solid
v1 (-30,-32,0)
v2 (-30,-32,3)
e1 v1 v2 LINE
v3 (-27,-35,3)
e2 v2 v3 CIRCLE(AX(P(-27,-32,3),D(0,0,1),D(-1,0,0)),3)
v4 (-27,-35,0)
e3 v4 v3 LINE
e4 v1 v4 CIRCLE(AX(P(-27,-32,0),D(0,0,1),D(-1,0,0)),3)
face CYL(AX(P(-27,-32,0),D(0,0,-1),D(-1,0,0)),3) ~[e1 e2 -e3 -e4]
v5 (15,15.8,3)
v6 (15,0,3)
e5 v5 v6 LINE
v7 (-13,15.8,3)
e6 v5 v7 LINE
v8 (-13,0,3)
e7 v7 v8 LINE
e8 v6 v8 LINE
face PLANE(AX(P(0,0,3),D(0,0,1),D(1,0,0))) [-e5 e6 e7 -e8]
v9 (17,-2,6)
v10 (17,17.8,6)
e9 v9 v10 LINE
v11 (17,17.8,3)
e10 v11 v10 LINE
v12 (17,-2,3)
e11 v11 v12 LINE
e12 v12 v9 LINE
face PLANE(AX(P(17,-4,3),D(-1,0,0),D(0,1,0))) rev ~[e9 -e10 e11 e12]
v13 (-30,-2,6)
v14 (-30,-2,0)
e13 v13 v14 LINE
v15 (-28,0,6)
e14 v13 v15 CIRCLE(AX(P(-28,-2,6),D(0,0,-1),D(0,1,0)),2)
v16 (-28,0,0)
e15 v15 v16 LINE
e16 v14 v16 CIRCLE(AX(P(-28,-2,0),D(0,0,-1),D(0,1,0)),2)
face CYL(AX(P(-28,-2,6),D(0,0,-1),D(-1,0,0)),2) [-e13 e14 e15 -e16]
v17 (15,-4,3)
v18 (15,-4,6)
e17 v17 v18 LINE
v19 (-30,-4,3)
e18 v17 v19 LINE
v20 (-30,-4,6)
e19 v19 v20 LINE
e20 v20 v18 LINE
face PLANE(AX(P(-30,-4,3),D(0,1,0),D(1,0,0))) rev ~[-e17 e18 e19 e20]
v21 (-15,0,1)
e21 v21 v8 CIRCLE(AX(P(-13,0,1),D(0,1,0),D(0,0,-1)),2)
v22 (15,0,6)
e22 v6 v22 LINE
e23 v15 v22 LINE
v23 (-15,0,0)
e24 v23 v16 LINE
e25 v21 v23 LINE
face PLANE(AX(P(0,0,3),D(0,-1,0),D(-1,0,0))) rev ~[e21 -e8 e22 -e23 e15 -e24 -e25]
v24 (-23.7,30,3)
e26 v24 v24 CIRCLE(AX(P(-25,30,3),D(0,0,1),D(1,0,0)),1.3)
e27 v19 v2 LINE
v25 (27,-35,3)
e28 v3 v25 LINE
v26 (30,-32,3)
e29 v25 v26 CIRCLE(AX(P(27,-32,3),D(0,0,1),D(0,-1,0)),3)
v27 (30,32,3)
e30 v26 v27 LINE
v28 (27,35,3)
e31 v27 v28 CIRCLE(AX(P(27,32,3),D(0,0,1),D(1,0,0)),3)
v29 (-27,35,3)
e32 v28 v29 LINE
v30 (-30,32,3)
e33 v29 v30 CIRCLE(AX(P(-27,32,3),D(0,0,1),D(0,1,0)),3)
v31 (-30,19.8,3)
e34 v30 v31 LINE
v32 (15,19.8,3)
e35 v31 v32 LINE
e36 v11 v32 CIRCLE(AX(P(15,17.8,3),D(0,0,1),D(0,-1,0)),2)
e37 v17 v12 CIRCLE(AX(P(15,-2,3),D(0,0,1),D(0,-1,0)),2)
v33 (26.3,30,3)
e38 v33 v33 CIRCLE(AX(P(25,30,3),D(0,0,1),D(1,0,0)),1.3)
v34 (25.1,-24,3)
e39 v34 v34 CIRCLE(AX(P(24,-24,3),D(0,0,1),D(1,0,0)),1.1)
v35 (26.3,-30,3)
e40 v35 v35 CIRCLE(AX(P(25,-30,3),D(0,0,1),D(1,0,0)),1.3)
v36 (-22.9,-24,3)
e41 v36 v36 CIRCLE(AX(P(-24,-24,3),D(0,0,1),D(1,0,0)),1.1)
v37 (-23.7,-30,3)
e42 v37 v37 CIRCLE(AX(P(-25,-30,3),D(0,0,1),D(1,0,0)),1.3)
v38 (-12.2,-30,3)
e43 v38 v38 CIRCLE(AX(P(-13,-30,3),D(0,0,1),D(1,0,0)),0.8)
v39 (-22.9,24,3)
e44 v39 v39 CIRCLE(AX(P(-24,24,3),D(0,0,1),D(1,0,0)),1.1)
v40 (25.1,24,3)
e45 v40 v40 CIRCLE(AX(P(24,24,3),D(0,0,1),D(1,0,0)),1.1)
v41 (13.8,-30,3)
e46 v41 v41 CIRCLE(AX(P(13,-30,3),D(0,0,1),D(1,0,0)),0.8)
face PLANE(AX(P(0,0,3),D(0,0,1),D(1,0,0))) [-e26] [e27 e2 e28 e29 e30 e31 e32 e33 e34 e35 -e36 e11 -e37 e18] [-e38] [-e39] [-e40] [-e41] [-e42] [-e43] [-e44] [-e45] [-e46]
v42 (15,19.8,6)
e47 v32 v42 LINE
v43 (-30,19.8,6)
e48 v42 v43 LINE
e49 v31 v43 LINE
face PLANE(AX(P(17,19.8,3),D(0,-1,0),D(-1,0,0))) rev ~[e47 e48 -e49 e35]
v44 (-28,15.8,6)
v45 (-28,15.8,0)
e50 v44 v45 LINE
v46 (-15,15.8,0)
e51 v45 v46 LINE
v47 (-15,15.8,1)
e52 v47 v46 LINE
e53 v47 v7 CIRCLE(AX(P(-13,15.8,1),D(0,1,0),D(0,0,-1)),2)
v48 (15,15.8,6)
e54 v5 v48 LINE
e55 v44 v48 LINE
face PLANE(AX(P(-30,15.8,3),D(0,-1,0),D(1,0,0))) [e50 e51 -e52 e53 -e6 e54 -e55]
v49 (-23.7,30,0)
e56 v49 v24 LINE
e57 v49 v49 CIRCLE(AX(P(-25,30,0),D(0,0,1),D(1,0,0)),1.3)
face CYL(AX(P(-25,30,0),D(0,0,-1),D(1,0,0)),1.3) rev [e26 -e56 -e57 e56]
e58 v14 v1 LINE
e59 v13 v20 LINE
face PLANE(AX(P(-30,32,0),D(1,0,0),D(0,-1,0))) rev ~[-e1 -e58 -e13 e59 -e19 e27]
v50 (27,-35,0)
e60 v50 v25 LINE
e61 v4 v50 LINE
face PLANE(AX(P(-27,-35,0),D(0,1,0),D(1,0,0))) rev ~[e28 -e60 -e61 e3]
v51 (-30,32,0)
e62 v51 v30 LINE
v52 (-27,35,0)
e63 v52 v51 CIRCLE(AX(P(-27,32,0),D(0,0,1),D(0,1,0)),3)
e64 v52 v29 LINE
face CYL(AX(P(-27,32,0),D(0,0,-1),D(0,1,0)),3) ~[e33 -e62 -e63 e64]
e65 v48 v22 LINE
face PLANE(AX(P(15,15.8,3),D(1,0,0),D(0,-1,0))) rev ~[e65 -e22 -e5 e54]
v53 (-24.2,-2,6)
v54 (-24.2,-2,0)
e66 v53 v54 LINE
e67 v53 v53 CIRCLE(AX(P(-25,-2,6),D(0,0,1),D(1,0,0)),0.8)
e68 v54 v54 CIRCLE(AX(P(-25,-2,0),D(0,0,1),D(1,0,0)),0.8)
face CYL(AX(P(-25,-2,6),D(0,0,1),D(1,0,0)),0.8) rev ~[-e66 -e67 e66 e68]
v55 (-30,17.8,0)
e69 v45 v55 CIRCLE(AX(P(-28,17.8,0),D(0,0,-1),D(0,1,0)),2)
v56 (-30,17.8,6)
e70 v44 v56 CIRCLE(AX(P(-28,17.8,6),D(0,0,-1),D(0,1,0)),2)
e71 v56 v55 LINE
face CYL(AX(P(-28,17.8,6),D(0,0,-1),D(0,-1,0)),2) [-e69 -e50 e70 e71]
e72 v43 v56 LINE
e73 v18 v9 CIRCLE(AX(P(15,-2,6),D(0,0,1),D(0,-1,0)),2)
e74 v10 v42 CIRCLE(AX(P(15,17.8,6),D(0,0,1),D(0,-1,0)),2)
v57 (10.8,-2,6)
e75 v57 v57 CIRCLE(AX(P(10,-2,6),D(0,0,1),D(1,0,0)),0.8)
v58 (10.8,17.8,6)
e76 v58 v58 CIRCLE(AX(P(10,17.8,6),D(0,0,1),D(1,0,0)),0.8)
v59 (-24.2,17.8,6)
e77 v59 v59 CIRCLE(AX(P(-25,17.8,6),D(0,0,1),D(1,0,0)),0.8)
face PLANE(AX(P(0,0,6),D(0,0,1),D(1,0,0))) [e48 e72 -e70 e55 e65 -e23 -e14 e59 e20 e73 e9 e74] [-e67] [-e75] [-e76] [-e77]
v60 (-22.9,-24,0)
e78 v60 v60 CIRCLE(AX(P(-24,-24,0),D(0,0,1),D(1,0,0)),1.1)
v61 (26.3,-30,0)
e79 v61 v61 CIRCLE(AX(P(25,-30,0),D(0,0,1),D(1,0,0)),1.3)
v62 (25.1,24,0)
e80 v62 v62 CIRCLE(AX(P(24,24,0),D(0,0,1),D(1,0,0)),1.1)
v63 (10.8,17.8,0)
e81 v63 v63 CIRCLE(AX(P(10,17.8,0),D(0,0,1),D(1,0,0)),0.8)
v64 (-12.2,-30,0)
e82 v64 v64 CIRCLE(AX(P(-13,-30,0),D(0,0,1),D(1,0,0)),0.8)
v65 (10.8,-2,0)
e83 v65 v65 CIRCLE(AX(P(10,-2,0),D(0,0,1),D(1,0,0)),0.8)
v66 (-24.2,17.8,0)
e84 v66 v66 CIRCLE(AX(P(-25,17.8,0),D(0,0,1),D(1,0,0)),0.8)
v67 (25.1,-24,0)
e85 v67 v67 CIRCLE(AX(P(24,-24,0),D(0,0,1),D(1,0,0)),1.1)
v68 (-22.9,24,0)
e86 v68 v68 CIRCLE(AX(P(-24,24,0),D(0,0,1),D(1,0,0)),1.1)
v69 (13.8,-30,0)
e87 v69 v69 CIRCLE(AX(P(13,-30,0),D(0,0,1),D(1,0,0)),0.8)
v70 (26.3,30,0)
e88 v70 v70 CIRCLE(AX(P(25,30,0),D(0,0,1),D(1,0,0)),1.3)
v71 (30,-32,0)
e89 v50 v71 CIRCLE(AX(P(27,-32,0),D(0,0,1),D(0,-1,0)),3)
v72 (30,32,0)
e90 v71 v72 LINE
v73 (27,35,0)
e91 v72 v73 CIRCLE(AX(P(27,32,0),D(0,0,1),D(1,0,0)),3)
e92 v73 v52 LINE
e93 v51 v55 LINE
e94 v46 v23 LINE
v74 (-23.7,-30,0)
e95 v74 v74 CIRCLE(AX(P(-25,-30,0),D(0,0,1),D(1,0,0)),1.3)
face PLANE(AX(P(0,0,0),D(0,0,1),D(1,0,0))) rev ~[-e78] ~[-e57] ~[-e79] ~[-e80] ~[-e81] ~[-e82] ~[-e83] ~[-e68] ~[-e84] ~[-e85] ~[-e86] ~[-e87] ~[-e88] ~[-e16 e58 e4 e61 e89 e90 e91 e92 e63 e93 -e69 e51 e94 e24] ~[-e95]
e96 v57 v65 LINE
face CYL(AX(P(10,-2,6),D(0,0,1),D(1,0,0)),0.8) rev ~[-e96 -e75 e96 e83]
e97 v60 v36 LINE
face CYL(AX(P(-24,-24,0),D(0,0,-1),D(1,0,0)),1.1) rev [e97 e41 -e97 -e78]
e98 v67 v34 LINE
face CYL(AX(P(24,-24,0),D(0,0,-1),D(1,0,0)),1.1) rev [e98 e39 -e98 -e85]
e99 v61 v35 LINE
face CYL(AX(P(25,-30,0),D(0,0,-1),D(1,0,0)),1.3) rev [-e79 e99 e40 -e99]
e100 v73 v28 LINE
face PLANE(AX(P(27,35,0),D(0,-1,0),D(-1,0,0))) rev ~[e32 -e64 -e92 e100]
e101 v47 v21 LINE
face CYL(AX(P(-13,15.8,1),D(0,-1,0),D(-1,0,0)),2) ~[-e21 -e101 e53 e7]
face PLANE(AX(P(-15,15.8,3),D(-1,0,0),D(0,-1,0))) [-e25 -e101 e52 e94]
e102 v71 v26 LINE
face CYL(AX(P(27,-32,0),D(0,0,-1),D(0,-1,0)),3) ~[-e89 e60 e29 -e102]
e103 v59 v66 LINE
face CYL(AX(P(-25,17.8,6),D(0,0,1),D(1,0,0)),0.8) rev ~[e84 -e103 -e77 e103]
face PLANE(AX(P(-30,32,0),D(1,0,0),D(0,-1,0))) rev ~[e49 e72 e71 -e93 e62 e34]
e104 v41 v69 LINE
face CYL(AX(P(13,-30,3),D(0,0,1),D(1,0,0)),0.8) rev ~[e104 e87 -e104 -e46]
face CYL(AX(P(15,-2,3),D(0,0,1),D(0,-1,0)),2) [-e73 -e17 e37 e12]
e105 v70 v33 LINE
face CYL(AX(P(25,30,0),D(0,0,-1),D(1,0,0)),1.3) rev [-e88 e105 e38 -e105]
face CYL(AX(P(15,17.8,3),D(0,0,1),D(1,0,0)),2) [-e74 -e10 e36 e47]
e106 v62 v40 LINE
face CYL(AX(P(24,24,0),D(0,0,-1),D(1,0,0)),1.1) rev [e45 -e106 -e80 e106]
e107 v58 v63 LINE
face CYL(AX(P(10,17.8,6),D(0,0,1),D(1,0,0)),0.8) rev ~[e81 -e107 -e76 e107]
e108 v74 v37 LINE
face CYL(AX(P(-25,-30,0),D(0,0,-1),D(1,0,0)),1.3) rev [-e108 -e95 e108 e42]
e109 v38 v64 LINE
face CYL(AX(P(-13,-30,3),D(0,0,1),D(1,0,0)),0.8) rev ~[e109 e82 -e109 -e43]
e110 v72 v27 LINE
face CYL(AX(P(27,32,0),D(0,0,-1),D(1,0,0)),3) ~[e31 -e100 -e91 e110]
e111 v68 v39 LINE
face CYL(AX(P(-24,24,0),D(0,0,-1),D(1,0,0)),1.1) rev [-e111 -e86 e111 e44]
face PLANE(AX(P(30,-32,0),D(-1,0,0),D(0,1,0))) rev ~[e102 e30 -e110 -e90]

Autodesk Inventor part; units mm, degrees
ref_plane "YZ Plane" through (0, 0, 0) normal (1, 0, 0) x (0, 1, 0)
ref_plane "XZ Plane" through (0, 0, 0) normal (0, 1, 0) x (-1, 0, 0)
ref_plane "XY Plane" through (0, 0, 0) normal (0, 0, 1) x (1, 0, 0)
sketch "スケッチ4" plane through (0, 0, 0) normal (0, 0, 1) x (1, 0, 0)
  line L0 (-27, -35) -> (27, -35)
  line L1 (30, -32) -> (30, 32)
  line L2 (27, 35) -> (-27, 35)
  line L3 (-30, 32) -> (-30, -32)
  line L4 (-30, -35) -> (30, 35) construction
  line L5 (30, -35) -> (-30, 35) construction
  line L6 (-25, -30) -> (25, -30) construction
  line L7 (25, -30) -> (25, 30) construction
  line L8 (25, 30) -> (-25, 30) construction
  line L9 (-25, 30) -> (-25, -30) construction
  line L10 (-25, -30) -> (25, 30) construction
  line L11 (25, -30) -> (-25, 30) construction
  circle A0 centre (-25, 30) radius 1.3
  circle A1 centre (25, 30) radius 1.3
  circle A2 centre (25, -30) radius 1.3
  circle A3 centre (-25, -30) radius 1.3
  circle A4 centre (-25, 30) radius 2.6
  circle A5 centre (25, 30) radius 2.6
  circle A6 centre (25, -30) radius 2.6
  circle A7 centre (-25, -30) radius 2.6
  arc A8 (27, -35) -> (30, -32) centre (27, -32) ccw
  arc A9 (-30, -32) -> (-27, -35) centre (-27, -32) ccw
  arc A10 (-27, 35) -> (-30, 32) centre (-27, 32) ccw
  arc A11 (30, 32) -> (27, 35) centre (27, 32) ccw
  line L12 (24, 24) -> (-24, 24) construction
  line L13 (-24, 24) -> (-24, -24) construction
  line L14 (-24, -24) -> (24, -24) construction
  line L15 (24, -24) -> (24, 24) construction
  line L16 (24, 24) -> (-24, -24) construction
  line L17 (-24, 24) -> (24, -24) construction
  circle A12 centre (-24, -24) radius 1.1
  circle A13 centre (-24, 24) radius 1.1
  circle A14 centre (24, -24) radius 1.1
  circle A15 centre (24, 24) radius 1.1
  point P0 (0, 0)
  dimension "d18" = 70
  dimension "d19" = 60
  dimension "d20" = 50
  dimension "d21" = 60
  dimension "d22" = 2.6
  dimension "d30" = 5.2
  dimension "d33" = 3
  dimension "d40" = 48
  dimension "d41" = 48
  dimension "d42" = 2.2
extrude "押し出し4" add sketch "スケッチ4" along normal blind 3 contours A9 L3 A10 L2 A11 L1 A8 L0 | A4 | A5 | A6 | A7
sketch "スケッチ8" plane through (0, 0, 3) normal (0, 0, 1) x (1, 0, 0)
  line L0 (15, 0) -> (-30, 0)
  line L1 (-30, 0) -> (-30, 15.8)
  line L2 (-30, 15.8) -> (15, 15.8)
  line L3 (15, 15.8) -> (15, 0)
  line L4 (-42, 0) -> (42, 0) projected
  line L5 (-30, 32) -> (-30, -32) projected
  line L6 (-30, 32) -> (-30, -32) projected
  line L7 (-30, -4) -> (17, -4)
  line L8 (17, -4) -> (17, 19.8)
  line L9 (17, 19.8) -> (-30, 19.8)
  line L10 (-15, 15.8) -> (-15, 0)
  circle A0 centre (0, 23.9) radius 2
  circle A1 centre (0, -8.1) radius 2
  line L11 (0, -49) -> (0, 49) projected
  line L12 (15, 7.9) -> (-15, 7.9) construction
  circle A2 centre (-13, -30) radius 0.8
  circle A3 centre (13, -30) radius 0.8
  line L13 (-27, -35) -> (27, -35) projected
  point P0 (0, 0)
  point P1 (-30, 19.8)
  point P2 (-30, -4)
  dimension "d48" = 15.8
  dimension "d49" = 45
  dimension "d50" = 2
  dimension "d51" = 4
  dimension "d52" = 4
  dimension "d55" = 15
  dimension "d58" = 4
  dimension "d59" = 16
  dimension "d61" = 26
  dimension "d62" = 1.6
  dimension "d63" = 5
extrude "押し出し9" add sketch "スケッチ8" along normal blind 3 contours L0 L11 L7 L5 | L0 L4 L8 L7 L11 | L2 L5 L9 L11 | L3 L2 L11 L9 L8 L4
extrude "押し出し10" cut sketch "スケッチ8" against normal up to surface (3 mm away) contours L0 L1 L2 L10 | A2 | A3
fillet "フィレット2" radius 2 5 edges at (-30, 15.8, 3) (-30, 0, 3) (-15, 7.9, 3) (17, 19.8, 4.5) (17, -4, 4.5)
sketch "スケッチ10" plane through (0, 0, 6) normal (0, 0, 1) x (1, 0, 0)
  circle A0 centre (-25, 17.8) radius 0.8
  circle A1 centre (10, 17.8) radius 0.8
  line L0 (-25, 17.8) -> (10, 17.8) construction
  line L1 (10, 17.8) -> (10, -2) construction
  line L2 (10, -2) -> (-25, -2) construction
  line L3 (-25, -2) -> (-25, 17.8) construction
  circle A2 centre (-25, -2) radius 0.8
  circle A3 centre (10, -2) radius 0.8
  arc A4 (-28, 0) -> (-30, -2) centre (-28, -2) ccw projected
  line L4 (-30, -2) -> (-30, -4) projected
  line L5 (-30, -4) -> (15, -4) projected
  line L6 (17, -2) -> (17, 17.8) projected
  line L7 (15, 19.8) -> (-30, 19.8) projected
  line L8 (-30, 19.8) -> (-30, 17.8) projected
  arc A5 (-30, 17.8) -> (-28, 15.8) centre (-28, 17.8) ccw projected
  line L9 (-28, 15.8) -> (15, 15.8) projected
  line L10 (15, 15.8) -> (15, 0) projected
  line L11 (15, 0) -> (-28, 0) projected
  circle A6 centre (-25, 17.8) radius 2 construction
  circle A7 centre (10, -2) radius 2 construction
  arc A8 (15, -4) -> (17, -2) centre (15, -2) ccw projected
  arc A9 (17, 17.8) -> (15, 19.8) centre (15, 17.8) ccw projected
  point P0 (0, 0)
  point P1 (-30, 18.8)
  dimension "d64" = 1.6
  dimension "d65" = 5
  dimension "d66" = 5
extrude "押し出し11" cut sketch "スケッチ10" against normal up to surface (6 mm away) contours A0 | A1 | A2 | A3
equation "\"d51\" = d52"
properties part number "ThirdPlate"
